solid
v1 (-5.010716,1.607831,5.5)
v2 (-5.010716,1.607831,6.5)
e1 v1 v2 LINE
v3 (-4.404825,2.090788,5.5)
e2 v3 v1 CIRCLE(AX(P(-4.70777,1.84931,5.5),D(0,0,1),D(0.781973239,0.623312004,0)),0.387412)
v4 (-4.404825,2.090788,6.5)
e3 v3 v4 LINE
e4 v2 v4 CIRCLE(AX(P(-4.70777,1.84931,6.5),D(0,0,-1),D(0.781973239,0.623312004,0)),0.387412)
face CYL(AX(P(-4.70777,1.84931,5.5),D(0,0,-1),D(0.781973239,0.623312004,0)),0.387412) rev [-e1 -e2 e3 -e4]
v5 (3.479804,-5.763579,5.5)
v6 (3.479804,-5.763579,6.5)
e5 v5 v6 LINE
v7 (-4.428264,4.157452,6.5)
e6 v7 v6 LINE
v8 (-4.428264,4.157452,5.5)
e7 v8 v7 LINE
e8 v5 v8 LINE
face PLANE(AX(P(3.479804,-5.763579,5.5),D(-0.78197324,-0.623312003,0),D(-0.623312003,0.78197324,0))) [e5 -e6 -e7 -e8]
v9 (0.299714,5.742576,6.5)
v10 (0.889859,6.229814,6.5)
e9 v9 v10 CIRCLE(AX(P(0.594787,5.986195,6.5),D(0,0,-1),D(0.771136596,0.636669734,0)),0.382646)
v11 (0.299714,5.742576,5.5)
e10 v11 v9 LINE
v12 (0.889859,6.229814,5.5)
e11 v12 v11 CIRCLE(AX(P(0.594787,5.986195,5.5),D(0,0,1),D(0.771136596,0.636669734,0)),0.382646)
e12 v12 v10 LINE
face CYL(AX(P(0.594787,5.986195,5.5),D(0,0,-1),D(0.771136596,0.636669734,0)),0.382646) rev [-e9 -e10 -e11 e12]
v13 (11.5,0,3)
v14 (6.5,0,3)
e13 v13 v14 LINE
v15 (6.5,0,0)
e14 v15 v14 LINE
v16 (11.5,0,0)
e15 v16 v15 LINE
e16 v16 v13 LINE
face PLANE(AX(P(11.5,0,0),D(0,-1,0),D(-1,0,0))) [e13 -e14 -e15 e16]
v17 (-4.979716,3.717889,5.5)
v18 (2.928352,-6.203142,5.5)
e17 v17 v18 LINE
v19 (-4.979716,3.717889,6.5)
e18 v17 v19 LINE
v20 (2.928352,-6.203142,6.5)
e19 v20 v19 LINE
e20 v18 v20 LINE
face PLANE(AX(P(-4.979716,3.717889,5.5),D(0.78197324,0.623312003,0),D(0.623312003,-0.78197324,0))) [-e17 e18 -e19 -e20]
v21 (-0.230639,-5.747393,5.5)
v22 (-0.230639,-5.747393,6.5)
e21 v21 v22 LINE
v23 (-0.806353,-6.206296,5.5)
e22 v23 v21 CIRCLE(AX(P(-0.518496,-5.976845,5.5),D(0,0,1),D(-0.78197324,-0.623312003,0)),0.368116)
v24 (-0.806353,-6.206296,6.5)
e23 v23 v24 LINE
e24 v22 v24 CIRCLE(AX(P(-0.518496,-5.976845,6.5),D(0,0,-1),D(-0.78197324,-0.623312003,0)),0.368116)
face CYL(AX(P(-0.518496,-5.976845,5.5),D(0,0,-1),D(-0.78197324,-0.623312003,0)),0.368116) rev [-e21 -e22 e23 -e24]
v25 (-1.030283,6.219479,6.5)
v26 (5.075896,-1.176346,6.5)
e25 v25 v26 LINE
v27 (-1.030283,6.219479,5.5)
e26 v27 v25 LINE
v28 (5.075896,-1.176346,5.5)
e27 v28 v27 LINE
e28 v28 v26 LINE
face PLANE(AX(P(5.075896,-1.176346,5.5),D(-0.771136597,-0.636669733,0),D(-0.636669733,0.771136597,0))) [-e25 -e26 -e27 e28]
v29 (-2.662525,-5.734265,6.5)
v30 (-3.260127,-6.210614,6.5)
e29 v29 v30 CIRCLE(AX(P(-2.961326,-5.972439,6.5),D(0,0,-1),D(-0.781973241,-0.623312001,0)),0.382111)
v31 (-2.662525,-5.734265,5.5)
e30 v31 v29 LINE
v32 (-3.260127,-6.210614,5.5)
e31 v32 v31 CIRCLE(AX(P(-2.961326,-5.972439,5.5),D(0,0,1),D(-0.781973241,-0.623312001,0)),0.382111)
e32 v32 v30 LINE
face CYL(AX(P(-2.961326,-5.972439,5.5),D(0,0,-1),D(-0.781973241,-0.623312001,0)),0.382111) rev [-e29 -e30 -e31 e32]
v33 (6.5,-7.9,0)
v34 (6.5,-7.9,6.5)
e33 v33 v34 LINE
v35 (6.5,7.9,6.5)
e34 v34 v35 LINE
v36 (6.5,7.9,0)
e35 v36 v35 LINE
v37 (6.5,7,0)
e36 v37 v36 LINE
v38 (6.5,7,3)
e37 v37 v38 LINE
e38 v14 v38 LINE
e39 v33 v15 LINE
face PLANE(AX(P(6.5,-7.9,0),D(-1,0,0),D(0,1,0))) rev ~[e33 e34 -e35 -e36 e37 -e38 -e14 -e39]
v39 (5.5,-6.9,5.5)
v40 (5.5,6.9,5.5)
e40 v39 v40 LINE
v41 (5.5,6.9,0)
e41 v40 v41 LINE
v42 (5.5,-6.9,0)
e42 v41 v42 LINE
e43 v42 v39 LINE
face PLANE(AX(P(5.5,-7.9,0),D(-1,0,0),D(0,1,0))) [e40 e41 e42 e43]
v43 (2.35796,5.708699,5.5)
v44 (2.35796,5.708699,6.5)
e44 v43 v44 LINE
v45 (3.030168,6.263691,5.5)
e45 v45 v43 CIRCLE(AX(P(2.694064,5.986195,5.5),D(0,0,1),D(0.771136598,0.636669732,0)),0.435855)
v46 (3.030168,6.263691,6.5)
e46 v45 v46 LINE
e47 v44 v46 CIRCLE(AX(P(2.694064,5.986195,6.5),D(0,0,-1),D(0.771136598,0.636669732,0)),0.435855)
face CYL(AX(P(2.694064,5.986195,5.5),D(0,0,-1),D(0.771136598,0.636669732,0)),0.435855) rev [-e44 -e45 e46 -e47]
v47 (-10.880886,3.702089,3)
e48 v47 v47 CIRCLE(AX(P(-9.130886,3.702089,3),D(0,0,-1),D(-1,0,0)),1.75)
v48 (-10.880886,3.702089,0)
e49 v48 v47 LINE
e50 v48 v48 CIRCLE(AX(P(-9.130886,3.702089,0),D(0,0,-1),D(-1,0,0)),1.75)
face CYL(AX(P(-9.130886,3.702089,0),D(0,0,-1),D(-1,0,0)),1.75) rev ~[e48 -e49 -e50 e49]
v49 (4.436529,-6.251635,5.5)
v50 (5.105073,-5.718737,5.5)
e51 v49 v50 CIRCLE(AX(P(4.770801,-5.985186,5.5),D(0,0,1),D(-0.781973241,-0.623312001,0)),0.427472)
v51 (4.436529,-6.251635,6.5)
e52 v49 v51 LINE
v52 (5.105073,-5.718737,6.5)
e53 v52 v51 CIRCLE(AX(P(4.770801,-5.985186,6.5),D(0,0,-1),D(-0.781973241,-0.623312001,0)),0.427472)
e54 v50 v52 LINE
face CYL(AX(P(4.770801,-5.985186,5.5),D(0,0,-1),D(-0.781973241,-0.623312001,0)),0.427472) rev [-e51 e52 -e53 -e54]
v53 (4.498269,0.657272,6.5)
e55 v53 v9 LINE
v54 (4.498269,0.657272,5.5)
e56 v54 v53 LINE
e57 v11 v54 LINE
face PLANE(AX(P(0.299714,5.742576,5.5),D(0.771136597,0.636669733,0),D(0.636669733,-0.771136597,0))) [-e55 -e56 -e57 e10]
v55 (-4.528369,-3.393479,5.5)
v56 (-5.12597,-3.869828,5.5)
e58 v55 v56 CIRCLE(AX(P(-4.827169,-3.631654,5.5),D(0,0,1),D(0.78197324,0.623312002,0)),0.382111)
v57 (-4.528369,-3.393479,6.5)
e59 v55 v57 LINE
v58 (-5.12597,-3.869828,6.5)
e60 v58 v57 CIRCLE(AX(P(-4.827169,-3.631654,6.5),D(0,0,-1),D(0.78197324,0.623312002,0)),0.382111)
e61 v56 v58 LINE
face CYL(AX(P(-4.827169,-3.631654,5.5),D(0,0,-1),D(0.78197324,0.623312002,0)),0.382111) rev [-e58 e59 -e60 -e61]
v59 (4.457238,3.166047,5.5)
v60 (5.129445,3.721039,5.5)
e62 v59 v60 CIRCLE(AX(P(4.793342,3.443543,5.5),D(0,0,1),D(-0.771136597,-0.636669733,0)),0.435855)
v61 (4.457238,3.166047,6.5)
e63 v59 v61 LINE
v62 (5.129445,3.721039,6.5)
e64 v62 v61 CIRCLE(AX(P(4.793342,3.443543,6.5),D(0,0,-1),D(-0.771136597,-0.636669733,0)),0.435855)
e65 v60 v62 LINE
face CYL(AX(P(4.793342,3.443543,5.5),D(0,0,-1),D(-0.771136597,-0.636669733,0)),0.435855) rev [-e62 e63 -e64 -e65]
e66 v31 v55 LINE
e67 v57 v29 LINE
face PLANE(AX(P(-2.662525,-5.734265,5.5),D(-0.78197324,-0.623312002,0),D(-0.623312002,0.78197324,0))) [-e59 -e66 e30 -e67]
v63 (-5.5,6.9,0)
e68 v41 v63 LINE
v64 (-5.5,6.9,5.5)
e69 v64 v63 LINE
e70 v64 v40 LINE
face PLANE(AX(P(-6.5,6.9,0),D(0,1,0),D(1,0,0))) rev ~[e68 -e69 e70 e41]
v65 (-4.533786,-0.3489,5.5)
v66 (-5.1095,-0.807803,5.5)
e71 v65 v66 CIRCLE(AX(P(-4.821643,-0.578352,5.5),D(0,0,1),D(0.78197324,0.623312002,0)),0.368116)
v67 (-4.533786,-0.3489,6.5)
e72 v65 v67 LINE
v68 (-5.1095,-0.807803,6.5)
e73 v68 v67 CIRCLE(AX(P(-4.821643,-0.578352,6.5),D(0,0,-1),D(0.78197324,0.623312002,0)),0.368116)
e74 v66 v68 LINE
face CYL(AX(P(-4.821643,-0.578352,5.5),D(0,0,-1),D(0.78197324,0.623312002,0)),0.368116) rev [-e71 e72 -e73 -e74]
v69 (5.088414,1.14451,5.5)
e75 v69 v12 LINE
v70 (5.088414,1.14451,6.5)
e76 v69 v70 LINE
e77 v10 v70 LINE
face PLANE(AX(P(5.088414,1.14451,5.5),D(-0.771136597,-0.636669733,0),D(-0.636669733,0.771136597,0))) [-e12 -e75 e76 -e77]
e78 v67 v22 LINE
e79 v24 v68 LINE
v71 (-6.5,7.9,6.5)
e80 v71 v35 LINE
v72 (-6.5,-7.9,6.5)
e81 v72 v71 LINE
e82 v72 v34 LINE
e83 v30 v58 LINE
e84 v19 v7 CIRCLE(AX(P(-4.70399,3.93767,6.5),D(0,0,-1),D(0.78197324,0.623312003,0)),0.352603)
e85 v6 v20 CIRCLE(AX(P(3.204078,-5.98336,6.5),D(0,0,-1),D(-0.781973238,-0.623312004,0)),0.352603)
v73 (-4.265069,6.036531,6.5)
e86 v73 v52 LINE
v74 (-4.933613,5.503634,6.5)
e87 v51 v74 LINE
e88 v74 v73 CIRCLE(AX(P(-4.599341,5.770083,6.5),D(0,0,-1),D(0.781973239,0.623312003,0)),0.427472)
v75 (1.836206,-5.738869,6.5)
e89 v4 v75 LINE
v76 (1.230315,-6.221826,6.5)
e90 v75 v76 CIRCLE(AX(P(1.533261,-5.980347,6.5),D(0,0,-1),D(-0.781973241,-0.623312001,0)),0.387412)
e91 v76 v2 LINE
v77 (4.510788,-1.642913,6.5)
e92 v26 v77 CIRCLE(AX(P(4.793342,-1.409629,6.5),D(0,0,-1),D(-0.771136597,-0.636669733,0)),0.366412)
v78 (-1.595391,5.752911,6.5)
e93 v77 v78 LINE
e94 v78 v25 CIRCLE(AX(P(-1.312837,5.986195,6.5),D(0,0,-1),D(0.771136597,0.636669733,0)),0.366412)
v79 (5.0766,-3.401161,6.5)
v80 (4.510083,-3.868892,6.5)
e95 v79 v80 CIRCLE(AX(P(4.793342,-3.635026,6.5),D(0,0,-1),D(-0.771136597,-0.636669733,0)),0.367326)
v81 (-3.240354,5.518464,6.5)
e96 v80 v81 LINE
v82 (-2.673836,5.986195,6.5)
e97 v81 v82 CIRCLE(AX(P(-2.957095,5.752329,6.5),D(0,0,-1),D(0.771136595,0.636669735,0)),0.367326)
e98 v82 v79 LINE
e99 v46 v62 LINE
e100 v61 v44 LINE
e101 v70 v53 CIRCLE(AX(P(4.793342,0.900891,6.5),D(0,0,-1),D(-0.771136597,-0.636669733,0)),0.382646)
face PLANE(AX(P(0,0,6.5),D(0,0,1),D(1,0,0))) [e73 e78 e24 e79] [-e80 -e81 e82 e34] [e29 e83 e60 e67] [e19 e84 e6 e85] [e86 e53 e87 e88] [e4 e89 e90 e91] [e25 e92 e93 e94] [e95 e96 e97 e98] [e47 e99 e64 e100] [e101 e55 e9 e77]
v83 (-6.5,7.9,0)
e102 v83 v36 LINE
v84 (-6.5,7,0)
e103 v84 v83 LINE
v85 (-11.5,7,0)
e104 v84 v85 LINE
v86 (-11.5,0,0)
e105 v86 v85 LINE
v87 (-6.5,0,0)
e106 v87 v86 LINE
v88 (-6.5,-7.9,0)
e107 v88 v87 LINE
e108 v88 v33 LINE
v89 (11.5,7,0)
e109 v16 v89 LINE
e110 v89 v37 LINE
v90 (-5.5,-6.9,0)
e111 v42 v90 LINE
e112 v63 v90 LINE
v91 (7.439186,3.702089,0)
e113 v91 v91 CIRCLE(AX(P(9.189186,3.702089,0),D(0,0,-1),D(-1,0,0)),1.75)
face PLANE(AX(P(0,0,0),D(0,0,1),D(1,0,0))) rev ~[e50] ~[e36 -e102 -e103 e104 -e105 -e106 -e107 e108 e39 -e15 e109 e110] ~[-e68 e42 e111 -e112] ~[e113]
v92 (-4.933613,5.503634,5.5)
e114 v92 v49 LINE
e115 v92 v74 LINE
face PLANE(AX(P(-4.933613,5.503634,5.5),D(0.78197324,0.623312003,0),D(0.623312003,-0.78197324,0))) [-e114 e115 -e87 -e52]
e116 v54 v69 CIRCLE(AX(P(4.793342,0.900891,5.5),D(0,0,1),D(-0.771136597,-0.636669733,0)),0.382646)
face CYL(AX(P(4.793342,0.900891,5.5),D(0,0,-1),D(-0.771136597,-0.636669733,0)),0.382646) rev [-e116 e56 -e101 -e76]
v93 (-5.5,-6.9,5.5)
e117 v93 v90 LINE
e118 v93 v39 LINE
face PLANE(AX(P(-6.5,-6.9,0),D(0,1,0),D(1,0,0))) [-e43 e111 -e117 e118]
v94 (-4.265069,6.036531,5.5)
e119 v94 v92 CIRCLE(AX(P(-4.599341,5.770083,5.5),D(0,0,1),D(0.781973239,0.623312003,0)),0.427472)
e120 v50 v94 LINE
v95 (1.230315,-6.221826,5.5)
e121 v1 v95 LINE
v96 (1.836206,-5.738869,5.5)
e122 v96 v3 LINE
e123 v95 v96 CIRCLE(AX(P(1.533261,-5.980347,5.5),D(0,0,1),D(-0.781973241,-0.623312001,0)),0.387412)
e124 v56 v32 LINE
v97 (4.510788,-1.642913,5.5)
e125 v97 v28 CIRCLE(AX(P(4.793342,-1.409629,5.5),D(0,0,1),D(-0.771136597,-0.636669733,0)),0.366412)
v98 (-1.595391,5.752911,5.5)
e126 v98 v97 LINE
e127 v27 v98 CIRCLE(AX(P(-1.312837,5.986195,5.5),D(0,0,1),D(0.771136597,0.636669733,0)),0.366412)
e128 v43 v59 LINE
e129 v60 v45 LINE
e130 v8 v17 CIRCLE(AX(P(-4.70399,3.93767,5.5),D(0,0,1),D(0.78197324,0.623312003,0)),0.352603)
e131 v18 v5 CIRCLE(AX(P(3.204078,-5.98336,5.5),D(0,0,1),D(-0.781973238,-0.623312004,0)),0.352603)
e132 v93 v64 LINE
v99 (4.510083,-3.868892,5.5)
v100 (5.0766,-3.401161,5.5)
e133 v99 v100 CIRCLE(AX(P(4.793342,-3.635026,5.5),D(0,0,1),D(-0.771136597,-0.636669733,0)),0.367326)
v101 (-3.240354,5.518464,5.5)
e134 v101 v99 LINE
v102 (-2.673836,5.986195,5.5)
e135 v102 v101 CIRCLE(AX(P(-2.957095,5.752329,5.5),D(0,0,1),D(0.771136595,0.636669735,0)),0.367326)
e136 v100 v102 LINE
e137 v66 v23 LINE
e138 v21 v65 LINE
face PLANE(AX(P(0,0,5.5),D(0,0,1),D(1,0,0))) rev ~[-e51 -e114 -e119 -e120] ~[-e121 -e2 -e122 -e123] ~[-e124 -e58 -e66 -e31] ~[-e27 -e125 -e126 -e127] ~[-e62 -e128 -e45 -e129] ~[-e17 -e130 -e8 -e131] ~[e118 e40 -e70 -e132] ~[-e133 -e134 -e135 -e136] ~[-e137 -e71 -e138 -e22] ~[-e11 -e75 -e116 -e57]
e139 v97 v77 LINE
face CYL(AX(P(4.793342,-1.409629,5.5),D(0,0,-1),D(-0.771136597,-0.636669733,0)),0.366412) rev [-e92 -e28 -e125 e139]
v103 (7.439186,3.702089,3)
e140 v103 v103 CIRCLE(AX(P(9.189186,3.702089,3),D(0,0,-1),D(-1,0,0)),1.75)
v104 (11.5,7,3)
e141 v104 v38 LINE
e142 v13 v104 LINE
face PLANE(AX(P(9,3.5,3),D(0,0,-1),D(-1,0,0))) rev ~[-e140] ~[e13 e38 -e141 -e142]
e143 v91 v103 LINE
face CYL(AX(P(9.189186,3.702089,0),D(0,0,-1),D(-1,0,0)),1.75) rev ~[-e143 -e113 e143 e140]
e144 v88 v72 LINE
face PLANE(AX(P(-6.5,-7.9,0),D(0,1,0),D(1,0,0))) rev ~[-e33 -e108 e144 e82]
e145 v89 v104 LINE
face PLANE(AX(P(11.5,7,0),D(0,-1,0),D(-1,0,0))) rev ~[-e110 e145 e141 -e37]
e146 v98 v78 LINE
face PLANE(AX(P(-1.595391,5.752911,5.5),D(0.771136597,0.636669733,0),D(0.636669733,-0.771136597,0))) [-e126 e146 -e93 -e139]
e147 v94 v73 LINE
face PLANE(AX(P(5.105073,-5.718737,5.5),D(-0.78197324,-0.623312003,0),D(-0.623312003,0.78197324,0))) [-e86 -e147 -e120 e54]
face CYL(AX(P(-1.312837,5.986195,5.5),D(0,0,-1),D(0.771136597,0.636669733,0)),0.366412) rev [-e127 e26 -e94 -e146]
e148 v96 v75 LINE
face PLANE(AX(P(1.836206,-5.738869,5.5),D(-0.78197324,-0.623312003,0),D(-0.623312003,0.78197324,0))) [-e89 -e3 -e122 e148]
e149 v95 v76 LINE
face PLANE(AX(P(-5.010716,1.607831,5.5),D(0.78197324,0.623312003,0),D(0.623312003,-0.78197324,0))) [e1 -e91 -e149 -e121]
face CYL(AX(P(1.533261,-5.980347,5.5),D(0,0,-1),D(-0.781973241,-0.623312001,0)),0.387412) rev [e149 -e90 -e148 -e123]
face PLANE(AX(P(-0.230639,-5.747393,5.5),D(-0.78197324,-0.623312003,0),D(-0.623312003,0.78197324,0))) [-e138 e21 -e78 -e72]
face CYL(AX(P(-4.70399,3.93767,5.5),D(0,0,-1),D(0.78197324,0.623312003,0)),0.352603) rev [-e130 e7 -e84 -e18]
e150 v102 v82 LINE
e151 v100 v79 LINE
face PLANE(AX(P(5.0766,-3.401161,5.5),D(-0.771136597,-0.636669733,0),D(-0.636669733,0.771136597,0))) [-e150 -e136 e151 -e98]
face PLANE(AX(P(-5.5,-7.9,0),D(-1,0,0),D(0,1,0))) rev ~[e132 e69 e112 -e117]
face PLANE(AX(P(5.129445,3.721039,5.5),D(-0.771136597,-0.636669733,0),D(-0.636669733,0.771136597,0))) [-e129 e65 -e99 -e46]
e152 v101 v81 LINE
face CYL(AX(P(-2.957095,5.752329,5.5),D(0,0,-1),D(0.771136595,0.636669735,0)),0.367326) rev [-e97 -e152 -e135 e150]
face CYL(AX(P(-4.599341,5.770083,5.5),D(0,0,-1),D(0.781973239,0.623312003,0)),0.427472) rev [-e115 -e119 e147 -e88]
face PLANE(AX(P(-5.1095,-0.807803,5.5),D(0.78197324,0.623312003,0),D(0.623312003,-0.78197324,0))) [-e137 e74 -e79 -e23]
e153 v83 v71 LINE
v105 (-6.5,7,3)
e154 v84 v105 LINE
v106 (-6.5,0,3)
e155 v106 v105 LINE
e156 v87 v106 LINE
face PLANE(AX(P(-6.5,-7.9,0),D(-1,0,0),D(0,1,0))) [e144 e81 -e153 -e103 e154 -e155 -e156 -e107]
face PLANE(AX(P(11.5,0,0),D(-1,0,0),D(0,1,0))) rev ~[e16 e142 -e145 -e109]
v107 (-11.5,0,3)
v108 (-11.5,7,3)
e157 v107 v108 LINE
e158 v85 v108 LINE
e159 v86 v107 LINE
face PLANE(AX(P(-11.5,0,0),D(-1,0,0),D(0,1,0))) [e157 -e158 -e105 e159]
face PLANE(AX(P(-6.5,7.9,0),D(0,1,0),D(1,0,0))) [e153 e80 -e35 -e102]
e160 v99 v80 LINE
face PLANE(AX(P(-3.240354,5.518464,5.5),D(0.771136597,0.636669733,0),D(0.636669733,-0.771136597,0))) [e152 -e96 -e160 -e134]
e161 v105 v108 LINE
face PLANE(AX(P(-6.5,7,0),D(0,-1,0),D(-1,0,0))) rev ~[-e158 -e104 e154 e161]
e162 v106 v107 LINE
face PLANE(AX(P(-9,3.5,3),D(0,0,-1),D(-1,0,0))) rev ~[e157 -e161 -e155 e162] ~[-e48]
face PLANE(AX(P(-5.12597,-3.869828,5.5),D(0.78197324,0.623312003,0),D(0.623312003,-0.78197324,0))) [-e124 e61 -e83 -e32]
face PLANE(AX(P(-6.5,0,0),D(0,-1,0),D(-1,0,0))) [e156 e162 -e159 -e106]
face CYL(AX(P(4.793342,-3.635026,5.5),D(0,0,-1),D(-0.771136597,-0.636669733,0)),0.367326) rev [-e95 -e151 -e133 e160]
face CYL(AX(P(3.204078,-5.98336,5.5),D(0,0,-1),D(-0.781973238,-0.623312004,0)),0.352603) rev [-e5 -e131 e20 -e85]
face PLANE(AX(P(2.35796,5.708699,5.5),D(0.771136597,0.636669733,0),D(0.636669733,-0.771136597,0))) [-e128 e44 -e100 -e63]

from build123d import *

# Parameters (mm, degrees)
SKETCH1_W           = 13
SKETCH1_H           = 15.8
BOSS_EXTRUDE1_DEPTH = 6.5
SHELL1_T            = -1
CUT_EXTRUDE2_DEPTH  = 2.5
SKETCH3_W           = 5
SKETCH3_H           = 7
BOSS_EXTRUDE2_DEPTH = 3
SKETCH4_R           = 1.75
CUT_EXTRUDE3_DEPTH  = 5


with BuildPart() as part:
    # Sketch1 → Boss-Extrude1 (new body)
    with BuildSketch(Plane.XY):
        Rectangle(SKETCH1_W, SKETCH1_H)
    extrude(amount=BOSS_EXTRUDE1_DEPTH)

    # Shell1
    shell1_openings = [part.faces().sort_by_distance(p)[0] for p in [
        (0, 0, 0),
    ]]
    offset(amount=SHELL1_T, openings=shell1_openings, kind=Kind.INTERSECTION)

    # Sketch2 → Cut-Extrude2 (cut)
    with BuildSketch(Plane(origin=(0, 0, 5.5), x_dir=(-1, 0, 0), z_dir=(0, 0, -1))):
        with BuildLine():
            Line((-5.105072533, -5.71873747), (4.265069263, 6.036531329))
            ThreePointArc((4.265069263, 6.036531329), (4.865789922, 6.104354629), (4.933613222, 5.50363397))
            Line((4.933613222, 5.50363397), (-4.436528574, -6.251634828))
            ThreePointArc((-4.436528574, -6.251634828), (-5.037249233, -6.319458129), (-5.105072533, -5.71873747))
        make_face()
        with BuildLine():
            Line((-3.479803699, -5.763578957), (4.428264236, 4.157451726))
            ThreePointArc((4.428264236, 4.157451726), (4.923771659, 4.213396112), (4.979716045, 3.71788869))
            Line((4.979716045, 3.71788869), (-2.92835189, -6.203141993))
            ThreePointArc((-2.92835189, -6.203141993), (-3.423859312, -6.259086379), (-3.479803699, -5.763578957))
        make_face()
        with BuildLine():
            Line((-1.836206221, -5.738869047), (4.404824726, 2.090787959))
            ThreePointArc((4.404824726, 2.090787959), (4.949248544, 2.152255164), (5.01071575, 1.607831346))
            Line((5.01071575, 1.607831346), (-1.230315197, -6.22182566))
            ThreePointArc((-1.230315197, -6.22182566), (-1.774739016, -6.283292866), (-1.836206221, -5.738869047))
        make_face()
        with BuildLine():
            Line((0.230638955, -5.747393414), (4.533785605, -0.348900345))
            ThreePointArc((4.533785605, -0.348900345), (5.051093924, -0.290494567), (5.109499701, -0.807802886))
            Line((5.109499701, -0.807802886), (0.806353052, -6.206295955))
            ThreePointArc((0.806353052, -6.206295955), (0.289044733, -6.264701733), (0.230638955, -5.747393414))
        make_face()
        with BuildLine():
            Line((2.662525183, -5.734264805), (4.528368603, -3.393479423))
            ThreePointArc((4.528368603, -3.393479423), (5.065343895, -3.33285318), (5.125970138, -3.869828472))
            Line((5.125970138, -3.869828472), (3.260126717, -6.210613854))
            ThreePointArc((3.260126717, -6.210613854), (2.723151425, -6.271240097), (2.662525183, -5.734264805))
        make_face()
        with BuildLine():
            Line((-5.076600471, -3.401160753), (2.673836157, 5.986195062))
            ThreePointArc((2.673836157, 5.986195062), (3.1909607, 6.035588301), (3.24035394, 5.518463758))
            Line((3.24035394, 5.518463758), (-4.510082688, -3.868892057))
            ThreePointArc((-4.510082688, -3.868892057), (-5.027207231, -3.918285297), (-5.076600471, -3.401160753))
        make_face()
        with BuildLine():
            Line((-5.075895555, -1.176345618), (1.030282687, 6.219478717))
            ThreePointArc((1.030282687, 6.219478717), (1.546120318, 6.268749037), (1.595390638, 5.752911406))
            Line((1.595390638, 5.752911406), (-4.510787604, -1.642912929))
            ThreePointArc((-4.510787604, -1.642912929), (-5.026625235, -1.692183249), (-5.075895555, -1.176345618))
        make_face()
        with BuildLine():
            Line((-5.088414127, 1.144510192), (-0.889859337, 6.229814365))
            ThreePointArc((-0.889859337, 6.229814365), (-0.351167486, 6.281267609), (-0.299714242, 5.742575759))
            Line((-0.299714242, 5.742575759), (-4.498269031, 0.657271586))
            ThreePointArc((-4.498269031, 0.657271586), (-5.036960882, 0.605818341), (-5.088414127, 1.144510192))
        make_face()
        with BuildLine():
            Line((-5.129445403, 3.72103873), (-3.030168008, 6.263690816))
            ThreePointArc((-3.030168008, 6.263690816), (-2.416568429, 6.322298886), (-2.35796036, 5.708699307))
            Line((-2.35796036, 5.708699307), (-4.457237755, 3.166047221))
            ThreePointArc((-4.457237755, 3.166047221), (-5.070837334, 3.107439152), (-5.129445403, 3.72103873))
        make_face()
    extrude(amount=-CUT_EXTRUDE2_DEPTH, mode=Mode.SUBTRACT)

    # Sketch3 → Boss-Extrude2 (add)
    with BuildSketch(Plane(origin=(0, 0, 0), x_dir=(-1, 0, 0), z_dir=(0, 0, -1))):
        with Locations((9, 3.5)):
            Rectangle(SKETCH3_W, SKETCH3_H)
        with Locations((-9, 3.5)):
            Rectangle(SKETCH3_W, SKETCH3_H)
    extrude(amount=-BOSS_EXTRUDE2_DEPTH)

    # Sketch4 → Cut-Extrude3 (cut)
    with BuildSketch(Plane(origin=(0, 0, 0), x_dir=(-1, 0, 0), z_dir=(0, 0, -1))):
        with Locations((-9.18918569, 3.702089239)):
            Circle(SKETCH4_R)
        with Locations((9.130886442, 3.702089239)):
            Circle(SKETCH4_R)
    extrude(amount=-CUT_EXTRUDE3_DEPTH, mode=Mode.SUBTRACT)


solid = part.part
